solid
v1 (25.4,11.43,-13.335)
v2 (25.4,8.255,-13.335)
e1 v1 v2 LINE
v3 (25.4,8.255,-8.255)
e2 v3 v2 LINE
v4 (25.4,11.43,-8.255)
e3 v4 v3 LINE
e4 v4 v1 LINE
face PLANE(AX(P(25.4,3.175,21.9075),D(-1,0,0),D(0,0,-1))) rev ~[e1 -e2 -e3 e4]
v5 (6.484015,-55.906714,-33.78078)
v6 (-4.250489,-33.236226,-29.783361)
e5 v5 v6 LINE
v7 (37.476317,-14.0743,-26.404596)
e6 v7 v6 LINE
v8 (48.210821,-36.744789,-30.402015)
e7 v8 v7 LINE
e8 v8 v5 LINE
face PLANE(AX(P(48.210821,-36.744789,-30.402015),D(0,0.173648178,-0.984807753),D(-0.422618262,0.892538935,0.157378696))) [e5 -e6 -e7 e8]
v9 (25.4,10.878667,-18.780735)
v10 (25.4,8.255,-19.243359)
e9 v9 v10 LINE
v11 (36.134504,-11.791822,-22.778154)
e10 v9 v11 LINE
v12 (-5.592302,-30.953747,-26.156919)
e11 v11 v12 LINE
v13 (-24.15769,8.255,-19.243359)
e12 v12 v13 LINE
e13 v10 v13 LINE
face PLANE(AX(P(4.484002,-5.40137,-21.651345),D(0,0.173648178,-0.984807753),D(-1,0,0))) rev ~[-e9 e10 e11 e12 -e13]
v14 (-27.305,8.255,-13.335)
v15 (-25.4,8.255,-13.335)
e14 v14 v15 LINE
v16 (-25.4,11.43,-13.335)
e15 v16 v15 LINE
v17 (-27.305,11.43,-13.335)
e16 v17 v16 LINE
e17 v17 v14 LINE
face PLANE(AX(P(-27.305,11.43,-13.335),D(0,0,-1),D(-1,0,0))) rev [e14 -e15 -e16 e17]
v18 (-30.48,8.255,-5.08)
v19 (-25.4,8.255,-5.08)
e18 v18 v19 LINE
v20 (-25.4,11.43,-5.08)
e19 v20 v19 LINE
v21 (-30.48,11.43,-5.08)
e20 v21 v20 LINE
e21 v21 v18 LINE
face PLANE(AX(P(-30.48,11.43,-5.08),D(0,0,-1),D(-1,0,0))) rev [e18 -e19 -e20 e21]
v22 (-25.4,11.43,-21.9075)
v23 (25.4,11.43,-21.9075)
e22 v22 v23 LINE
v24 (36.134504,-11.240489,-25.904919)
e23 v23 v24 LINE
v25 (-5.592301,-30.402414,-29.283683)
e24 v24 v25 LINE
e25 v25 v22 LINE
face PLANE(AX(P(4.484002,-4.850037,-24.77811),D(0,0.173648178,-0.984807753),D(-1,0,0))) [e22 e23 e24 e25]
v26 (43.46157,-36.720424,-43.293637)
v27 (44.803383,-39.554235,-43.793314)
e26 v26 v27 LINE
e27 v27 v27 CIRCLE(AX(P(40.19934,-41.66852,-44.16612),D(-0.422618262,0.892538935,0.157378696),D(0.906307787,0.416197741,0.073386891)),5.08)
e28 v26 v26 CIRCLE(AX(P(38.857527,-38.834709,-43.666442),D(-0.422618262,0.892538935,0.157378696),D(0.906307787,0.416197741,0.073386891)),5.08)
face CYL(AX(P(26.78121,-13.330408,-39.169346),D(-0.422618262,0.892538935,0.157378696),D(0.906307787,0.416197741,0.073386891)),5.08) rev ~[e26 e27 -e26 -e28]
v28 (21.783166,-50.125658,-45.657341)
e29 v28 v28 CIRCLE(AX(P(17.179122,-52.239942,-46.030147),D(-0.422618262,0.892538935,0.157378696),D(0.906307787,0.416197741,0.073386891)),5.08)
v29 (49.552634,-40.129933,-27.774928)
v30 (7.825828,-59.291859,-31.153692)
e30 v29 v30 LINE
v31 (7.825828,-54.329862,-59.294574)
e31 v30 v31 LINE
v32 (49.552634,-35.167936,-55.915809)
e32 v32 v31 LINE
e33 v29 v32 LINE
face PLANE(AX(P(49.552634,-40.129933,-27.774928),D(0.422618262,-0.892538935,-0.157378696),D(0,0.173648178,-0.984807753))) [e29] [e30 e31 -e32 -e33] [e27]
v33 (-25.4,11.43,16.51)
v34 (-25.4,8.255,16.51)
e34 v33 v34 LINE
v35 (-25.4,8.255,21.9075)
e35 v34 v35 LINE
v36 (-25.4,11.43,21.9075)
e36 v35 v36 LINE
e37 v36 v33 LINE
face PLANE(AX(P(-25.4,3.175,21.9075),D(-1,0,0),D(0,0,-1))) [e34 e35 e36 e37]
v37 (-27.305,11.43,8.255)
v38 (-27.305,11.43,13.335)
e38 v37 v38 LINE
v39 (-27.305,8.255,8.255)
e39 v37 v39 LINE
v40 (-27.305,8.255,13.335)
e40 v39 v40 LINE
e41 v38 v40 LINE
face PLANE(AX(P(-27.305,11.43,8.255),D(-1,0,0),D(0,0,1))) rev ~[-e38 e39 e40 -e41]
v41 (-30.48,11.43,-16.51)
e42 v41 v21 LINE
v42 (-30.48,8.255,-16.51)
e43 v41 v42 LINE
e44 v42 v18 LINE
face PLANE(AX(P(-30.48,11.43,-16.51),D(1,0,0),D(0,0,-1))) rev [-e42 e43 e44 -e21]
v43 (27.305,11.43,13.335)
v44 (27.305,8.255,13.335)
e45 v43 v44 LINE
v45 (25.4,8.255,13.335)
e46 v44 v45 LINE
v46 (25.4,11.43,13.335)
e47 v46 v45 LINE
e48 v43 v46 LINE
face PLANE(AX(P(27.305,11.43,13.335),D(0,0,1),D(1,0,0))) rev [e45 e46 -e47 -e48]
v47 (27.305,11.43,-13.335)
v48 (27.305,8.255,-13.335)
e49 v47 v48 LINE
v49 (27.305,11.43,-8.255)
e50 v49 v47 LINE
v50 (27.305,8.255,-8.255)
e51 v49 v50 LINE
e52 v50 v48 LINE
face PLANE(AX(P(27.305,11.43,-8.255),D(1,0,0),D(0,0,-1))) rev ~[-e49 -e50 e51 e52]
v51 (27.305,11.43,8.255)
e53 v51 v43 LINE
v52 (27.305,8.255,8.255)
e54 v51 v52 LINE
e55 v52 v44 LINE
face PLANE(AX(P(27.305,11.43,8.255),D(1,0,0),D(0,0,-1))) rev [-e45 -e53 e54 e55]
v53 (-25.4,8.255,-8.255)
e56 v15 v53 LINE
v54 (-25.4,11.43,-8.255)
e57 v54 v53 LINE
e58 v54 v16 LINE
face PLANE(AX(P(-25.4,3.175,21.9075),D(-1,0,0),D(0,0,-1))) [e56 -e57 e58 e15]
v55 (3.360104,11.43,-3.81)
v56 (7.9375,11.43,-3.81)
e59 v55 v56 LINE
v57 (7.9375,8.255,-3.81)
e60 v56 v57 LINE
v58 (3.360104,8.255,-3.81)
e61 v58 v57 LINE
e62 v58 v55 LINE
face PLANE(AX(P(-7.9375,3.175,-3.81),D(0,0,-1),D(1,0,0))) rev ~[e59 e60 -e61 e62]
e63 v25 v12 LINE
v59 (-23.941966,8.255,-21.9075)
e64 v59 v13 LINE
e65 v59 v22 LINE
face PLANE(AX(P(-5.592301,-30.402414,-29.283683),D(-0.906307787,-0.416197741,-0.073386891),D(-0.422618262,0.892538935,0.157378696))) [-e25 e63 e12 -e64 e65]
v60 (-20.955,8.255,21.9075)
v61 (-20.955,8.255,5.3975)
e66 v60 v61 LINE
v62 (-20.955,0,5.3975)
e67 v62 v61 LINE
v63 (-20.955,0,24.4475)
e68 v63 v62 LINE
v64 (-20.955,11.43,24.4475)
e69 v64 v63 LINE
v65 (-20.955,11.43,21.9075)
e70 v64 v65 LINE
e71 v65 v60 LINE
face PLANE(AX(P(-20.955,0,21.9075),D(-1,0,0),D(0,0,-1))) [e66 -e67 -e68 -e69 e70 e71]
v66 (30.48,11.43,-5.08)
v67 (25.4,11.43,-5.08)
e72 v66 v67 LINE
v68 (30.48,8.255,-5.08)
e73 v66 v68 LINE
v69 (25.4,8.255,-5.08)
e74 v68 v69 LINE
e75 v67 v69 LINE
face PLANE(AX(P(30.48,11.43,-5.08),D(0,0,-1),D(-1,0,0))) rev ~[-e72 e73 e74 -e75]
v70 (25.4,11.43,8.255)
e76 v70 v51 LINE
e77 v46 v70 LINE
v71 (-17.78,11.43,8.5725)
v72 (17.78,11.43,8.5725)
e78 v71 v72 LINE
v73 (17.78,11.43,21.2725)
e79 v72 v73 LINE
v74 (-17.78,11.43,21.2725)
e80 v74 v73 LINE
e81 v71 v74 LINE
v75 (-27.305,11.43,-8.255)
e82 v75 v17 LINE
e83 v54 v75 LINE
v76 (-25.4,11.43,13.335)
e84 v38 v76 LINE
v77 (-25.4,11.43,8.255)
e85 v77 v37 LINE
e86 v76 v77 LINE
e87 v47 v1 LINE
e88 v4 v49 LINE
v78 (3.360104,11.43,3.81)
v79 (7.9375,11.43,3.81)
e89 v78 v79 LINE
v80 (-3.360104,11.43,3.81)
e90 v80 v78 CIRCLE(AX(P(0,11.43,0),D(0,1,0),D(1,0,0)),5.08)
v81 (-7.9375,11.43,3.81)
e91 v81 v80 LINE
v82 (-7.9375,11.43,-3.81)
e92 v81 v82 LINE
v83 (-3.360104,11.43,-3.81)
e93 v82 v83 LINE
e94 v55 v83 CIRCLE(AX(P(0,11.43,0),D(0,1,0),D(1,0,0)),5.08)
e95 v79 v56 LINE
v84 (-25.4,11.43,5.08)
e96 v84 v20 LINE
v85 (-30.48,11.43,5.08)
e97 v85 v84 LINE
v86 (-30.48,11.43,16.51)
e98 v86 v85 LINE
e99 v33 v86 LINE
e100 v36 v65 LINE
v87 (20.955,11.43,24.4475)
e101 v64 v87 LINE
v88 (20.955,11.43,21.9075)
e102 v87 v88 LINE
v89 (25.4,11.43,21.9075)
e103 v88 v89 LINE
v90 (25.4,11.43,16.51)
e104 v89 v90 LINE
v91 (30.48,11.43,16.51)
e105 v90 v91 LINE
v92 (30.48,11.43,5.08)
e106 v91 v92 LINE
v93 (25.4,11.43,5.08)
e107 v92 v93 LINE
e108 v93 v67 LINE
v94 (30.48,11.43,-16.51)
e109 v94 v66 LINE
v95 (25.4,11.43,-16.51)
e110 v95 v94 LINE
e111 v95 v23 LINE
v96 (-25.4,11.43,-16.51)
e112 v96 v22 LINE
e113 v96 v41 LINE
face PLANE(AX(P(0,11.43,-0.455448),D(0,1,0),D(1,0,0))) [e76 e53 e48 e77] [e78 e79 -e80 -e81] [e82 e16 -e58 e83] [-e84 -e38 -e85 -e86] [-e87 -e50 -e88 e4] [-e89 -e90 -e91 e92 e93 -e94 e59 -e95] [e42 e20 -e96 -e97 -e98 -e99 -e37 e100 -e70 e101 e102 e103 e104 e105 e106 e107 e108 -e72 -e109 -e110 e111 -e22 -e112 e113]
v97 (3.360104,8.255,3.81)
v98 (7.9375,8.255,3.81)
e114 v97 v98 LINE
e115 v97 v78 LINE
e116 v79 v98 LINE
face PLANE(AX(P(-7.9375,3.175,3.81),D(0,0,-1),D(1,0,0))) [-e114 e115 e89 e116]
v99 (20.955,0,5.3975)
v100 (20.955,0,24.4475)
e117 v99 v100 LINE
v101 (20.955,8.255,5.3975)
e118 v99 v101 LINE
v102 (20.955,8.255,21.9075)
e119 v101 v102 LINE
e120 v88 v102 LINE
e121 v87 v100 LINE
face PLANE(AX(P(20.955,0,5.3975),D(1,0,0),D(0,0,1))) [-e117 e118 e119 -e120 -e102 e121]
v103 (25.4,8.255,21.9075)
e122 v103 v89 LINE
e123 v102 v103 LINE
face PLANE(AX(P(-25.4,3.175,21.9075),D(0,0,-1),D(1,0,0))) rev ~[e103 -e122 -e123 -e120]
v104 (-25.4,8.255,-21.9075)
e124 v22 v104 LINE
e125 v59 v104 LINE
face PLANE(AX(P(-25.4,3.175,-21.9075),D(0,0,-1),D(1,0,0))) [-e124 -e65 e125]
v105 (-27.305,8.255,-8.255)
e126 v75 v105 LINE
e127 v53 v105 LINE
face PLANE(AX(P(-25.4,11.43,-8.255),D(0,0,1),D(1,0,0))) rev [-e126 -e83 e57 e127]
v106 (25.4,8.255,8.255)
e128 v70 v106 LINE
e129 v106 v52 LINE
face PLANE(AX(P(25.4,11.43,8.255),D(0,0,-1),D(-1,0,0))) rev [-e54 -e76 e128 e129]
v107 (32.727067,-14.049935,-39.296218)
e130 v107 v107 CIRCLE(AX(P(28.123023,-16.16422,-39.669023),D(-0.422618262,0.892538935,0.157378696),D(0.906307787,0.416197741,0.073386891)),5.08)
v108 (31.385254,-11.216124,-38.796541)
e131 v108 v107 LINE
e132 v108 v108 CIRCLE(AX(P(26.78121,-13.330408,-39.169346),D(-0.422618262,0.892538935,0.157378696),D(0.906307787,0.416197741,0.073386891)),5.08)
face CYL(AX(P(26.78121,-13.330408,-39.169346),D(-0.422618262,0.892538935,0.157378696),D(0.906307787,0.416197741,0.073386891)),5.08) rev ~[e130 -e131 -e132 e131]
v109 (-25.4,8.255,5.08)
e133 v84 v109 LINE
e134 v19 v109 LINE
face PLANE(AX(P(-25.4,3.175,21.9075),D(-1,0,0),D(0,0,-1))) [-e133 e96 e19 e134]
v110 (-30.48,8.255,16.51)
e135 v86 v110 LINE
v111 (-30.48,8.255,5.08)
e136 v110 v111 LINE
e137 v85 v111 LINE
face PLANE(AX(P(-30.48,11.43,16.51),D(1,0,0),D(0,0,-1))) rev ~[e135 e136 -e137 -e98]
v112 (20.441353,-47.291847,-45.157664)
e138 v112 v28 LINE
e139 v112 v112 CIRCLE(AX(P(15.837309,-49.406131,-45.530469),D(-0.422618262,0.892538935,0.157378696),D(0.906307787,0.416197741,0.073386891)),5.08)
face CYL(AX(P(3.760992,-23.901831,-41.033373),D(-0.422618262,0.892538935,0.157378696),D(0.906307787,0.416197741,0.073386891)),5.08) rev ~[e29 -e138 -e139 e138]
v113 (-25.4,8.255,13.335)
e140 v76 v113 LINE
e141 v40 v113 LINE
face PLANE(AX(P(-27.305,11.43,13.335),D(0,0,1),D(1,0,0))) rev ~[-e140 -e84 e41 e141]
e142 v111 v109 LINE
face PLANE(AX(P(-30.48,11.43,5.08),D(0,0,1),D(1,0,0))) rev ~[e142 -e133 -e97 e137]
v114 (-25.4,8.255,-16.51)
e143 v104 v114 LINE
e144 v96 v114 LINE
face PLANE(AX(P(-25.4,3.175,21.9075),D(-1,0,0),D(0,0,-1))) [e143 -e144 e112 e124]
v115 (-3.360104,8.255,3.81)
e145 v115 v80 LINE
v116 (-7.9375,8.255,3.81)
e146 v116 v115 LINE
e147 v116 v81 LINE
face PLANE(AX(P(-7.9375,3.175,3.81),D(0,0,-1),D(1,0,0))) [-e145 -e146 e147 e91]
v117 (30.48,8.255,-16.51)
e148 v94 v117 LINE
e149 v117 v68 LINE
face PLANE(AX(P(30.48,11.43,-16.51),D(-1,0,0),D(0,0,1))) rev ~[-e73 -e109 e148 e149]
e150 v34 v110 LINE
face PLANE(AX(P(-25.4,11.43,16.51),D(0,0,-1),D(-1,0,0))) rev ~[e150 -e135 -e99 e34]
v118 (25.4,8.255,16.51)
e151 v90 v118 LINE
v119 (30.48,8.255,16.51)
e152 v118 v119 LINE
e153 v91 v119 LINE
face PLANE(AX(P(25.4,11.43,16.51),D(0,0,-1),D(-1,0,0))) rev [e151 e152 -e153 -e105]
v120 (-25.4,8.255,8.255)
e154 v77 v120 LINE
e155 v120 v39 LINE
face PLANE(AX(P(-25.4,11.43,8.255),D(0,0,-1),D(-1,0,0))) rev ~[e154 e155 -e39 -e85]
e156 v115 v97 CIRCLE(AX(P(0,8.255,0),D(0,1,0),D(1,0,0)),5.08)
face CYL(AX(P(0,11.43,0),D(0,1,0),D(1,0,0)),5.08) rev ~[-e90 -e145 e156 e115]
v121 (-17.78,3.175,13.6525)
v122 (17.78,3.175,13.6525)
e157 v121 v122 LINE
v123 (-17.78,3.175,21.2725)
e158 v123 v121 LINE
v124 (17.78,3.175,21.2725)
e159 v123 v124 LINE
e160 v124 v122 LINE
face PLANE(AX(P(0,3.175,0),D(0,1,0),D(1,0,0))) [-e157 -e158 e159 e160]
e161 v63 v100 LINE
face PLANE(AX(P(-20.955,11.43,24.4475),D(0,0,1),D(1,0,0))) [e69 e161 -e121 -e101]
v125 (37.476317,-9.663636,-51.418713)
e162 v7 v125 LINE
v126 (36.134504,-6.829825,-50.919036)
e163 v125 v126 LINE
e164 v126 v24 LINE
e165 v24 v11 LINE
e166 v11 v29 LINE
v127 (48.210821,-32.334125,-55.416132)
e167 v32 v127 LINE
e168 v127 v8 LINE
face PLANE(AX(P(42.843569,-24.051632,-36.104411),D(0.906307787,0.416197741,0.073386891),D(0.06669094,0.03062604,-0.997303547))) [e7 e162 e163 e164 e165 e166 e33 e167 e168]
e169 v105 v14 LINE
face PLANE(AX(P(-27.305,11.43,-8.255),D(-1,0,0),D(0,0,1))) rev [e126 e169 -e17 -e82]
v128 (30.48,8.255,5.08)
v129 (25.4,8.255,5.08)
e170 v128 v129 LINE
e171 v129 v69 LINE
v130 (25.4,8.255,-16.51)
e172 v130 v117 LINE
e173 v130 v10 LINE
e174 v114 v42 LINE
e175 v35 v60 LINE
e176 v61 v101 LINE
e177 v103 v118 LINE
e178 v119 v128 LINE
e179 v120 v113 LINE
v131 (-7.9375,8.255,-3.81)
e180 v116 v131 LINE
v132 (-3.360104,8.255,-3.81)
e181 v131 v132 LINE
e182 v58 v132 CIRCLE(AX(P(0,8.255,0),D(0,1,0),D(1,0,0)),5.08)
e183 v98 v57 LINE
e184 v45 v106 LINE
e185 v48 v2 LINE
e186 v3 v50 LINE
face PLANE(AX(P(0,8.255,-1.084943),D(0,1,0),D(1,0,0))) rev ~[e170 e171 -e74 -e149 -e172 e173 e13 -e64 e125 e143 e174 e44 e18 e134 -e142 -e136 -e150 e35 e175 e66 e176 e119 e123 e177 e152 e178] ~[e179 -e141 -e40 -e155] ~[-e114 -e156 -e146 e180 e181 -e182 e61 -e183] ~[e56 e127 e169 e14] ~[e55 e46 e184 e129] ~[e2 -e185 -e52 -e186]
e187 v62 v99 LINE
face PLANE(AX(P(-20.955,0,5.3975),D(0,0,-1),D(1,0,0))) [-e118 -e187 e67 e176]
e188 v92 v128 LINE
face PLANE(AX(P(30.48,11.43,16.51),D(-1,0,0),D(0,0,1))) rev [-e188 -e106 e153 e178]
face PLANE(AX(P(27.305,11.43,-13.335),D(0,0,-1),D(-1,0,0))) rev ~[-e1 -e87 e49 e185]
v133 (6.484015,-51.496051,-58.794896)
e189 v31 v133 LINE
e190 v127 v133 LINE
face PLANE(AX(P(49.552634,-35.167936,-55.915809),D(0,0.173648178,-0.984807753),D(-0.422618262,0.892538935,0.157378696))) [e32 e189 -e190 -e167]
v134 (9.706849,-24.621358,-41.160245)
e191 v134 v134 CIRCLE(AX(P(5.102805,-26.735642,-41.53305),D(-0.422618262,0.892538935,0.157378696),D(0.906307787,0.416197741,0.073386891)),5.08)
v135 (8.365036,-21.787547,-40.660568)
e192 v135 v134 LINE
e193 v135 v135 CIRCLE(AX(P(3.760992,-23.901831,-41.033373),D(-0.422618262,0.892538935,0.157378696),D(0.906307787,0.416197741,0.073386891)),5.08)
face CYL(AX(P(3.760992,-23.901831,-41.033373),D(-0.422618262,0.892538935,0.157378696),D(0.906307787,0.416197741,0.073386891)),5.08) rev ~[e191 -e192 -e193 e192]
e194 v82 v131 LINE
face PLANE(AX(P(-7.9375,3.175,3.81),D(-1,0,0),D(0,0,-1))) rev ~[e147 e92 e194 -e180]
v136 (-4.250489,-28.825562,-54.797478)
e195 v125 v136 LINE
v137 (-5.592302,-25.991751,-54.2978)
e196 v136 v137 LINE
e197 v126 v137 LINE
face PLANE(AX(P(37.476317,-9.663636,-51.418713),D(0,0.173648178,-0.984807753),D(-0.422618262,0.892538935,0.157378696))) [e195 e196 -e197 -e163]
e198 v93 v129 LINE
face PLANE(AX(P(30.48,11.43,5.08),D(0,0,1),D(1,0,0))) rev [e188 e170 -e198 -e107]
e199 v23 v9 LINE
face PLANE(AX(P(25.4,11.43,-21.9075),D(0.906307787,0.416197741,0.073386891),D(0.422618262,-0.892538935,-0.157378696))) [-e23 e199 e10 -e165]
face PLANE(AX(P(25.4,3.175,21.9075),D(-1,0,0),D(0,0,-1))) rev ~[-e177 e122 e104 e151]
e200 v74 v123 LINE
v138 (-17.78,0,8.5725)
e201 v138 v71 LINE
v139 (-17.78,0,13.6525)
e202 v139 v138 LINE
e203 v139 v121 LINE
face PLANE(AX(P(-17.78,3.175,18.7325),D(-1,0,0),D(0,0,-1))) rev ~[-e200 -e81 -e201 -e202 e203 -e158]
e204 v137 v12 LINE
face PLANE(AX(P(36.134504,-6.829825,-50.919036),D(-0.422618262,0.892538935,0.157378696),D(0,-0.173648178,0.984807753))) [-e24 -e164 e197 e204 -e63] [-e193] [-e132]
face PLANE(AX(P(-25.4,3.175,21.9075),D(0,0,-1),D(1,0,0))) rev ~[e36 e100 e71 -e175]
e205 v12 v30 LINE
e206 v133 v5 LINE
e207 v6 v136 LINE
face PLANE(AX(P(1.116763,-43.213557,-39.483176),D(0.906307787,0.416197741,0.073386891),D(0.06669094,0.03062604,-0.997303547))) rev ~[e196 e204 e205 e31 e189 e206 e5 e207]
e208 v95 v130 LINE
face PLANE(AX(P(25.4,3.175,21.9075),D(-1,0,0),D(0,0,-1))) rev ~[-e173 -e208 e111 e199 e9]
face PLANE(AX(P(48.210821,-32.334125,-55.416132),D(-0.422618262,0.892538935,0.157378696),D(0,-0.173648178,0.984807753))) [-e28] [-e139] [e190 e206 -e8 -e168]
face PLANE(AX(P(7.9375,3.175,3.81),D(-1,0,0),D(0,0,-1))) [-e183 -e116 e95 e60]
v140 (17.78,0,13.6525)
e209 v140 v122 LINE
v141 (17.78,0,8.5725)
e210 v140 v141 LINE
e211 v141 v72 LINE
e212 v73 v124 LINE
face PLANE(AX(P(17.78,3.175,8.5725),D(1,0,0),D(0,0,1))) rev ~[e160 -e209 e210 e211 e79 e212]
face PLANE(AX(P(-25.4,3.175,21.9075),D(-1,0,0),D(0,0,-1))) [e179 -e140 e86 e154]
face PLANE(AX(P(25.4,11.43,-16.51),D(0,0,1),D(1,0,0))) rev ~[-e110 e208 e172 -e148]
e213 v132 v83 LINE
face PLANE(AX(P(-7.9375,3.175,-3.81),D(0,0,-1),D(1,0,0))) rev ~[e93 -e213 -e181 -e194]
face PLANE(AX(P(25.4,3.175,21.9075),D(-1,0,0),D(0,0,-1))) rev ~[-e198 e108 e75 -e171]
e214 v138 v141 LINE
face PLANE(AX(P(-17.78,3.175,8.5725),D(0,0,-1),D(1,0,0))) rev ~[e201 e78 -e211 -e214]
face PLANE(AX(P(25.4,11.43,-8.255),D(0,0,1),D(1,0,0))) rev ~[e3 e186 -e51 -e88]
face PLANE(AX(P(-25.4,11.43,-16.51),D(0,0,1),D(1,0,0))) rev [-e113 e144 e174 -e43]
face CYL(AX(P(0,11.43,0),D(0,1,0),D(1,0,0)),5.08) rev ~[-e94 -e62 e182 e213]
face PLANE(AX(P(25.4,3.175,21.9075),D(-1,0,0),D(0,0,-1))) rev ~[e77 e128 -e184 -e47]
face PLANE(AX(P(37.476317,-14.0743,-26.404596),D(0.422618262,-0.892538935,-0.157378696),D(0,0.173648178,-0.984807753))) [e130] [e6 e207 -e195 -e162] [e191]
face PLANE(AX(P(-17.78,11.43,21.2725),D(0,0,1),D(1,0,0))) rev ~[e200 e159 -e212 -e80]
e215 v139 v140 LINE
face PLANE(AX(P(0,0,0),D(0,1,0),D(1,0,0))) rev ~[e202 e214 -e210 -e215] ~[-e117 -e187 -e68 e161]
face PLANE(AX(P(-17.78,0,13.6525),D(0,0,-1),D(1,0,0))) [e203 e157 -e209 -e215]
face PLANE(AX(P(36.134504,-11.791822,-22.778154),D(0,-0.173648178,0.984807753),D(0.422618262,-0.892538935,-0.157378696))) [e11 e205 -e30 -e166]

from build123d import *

# Parameters (mm, degrees)
SKETCH1_W            = 50.8
SKETCH1_H            = 43.815
SKETCH1_W_2          = 15.875
SKETCH1_H_2          = 7.62
SKETCH1_W_3          = 35.56
SKETCH1_H_3          = 5.08
BOSS_EXTRUDE1_DEPTH  = 3.175
SKETCH2_W            = 50.8
SKETCH2_H            = 43.815
SKETCH2_W_2          = 44.45
SKETCH2_H_2          = 37.465
BOSS_EXTRUDE2_DEPTH  = 8.255
SKETCH3_W            = 41.91
SKETCH3_H            = 2.54
BOSS_EXTRUDE3_DEPTH  = 11.43
SKETCH4_W            = 35.56
SKETCH4_H            = 2.54
CUT_EXTRUDE1_DEPTH   = 8.255
BOSS_EXTRUDE4_DEPTH  = 3.175
MIRROR2_COPY_1_DEPTH = 3.175
SKETCH7_W            = 15.875
SKETCH7_H            = 7.62
BOSS_EXTRUDE5_DEPTH  = 8.255
CUT_EXTRUDE2_START   = -11.43
CUT_EXTRUDE2_DEPTH   = 8.255
BOSS_EXTRUDE6_DEPTH  = 3.175
BOSS_EXTRUDE7_DEPTH  = 46.040436
SKETCH12_R           = 5.08
CUT_EXTRUDE3_DEPTH   = 54.813285309
SKETCH13_R           = 5.08
CUT_EXTRUDE4_DEPTH   = 71.721858561


with BuildPart() as part:
    # Sketch1 → Boss-Extrude1 (new body)
    with BuildSketch(Plane(origin=(0, 0, 0), x_dir=(1, 0, 0), z_dir=(0, 1, 0))):
        Rectangle(SKETCH1_W, SKETCH1_H)
        Rectangle(SKETCH1_W_2, SKETCH1_H_2, mode=Mode.SUBTRACT)
        with Locations((0, -11.1125)):
            Rectangle(SKETCH1_W_3, SKETCH1_H_3, mode=Mode.SUBTRACT)
    extrude(amount=BOSS_EXTRUDE1_DEPTH)

    # Sketch2 → Boss-Extrude2 (add)
    with BuildSketch(Plane(origin=(0, 3.175, 0), x_dir=(1, 0, 0), z_dir=(0, 1, 0))):
        Rectangle(SKETCH2_W, SKETCH2_H)
        Rectangle(SKETCH2_W_2, SKETCH2_H_2, mode=Mode.SUBTRACT)
    extrude(amount=BOSS_EXTRUDE2_DEPTH)

    # Sketch3 → Boss-Extrude3 (add)
    with BuildSketch(Plane(origin=(0, 11.43, 0), x_dir=(1, 0, 0), z_dir=(0, 1, 0))):
        with Locations((0, -23.1775)):
            Rectangle(SKETCH3_W, SKETCH3_H)
    extrude(amount=-BOSS_EXTRUDE3_DEPTH)

    # Sketch4 → Cut-Extrude1 (cut)
    with BuildSketch(Plane(origin=(0, 11.43, 0), x_dir=(1, 0, 0), z_dir=(0, 1, 0))):
        with Locations((0, -20.0025)):
            Rectangle(SKETCH4_W, SKETCH4_H)
    extrude(amount=-CUT_EXTRUDE1_DEPTH, mode=Mode.SUBTRACT)

    # Sketch5 → Boss-Extrude4 (add)
    with BuildSketch(Plane(origin=(0, 11.43, 0), x_dir=(1, 0, 0), z_dir=(0, 1, 0))):
        Polygon((-25.4, -16.51), (-30.48, -16.51), (-30.48, -5.08), (-25.4, -5.08), (-25.4, -8.255), (-27.305, -8.255), (-27.305, -13.335), (-25.4, -13.335), align=None)
    boss_extrude4 = extrude(amount=-BOSS_EXTRUDE4_DEPTH)

    # Mirror1: Boss-Extrude4 across plane
    add(boss_extrude4.mirror(Plane.XY))

    # Mirror2: Boss-Extrude4 across plane
    add(boss_extrude4.mirror(Plane(origin=(0, 0, 0), x_dir=(0, 0, 1), z_dir=(1, 0, 0))))

    # Mirror2 copy 1 sketch → Mirror2 copy 1 (add)
    with BuildSketch(Plane(origin=(0, 11.43, 0), x_dir=(-1, 0, 0), z_dir=(0, 1, 0))):
        Polygon((-25.4, -16.51), (-30.48, -16.51), (-30.48, -5.08), (-25.4, -5.08), (-25.4, -8.255), (-27.305, -8.255), (-27.305, -13.335), (-25.4, -13.335), align=None)
    extrude(amount=-MIRROR2_COPY_1_DEPTH)

    # Sketch7 → Boss-Extrude5 (add)
    with BuildSketch(Plane(origin=(0, 3.175, 0), x_dir=(1, 0, 0), z_dir=(0, 1, 0))):
        Polygon((-22.225, -18.7325), (-17.78, -18.7325), (-17.78, -8.5725), (17.78, -8.5725), (17.78, -18.7325), (22.225, -18.7325), (22.225, 18.7325), (-22.225, 18.7325), align=None)
        Rectangle(SKETCH7_W, SKETCH7_H, mode=Mode.SUBTRACT)
    extrude(amount=BOSS_EXTRUDE5_DEPTH)

    # Sketch8 → Cut-Extrude2 (cut)
    with BuildSketch(Plane(origin=(0, 11.43, 0), x_dir=(1, 0, 0), z_dir=(0, 1, 0)).offset(CUT_EXTRUDE2_START)):
        Polygon((-25.4, 21.9075), (-25.4, -21.9075), (-20.955, -21.9075), (-20.955, -5.3975), (20.955, -5.3975), (20.955, -21.9075), (25.4, -21.9075), (25.4, 21.9075), align=None)
    extrude(amount=CUT_EXTRUDE2_DEPTH, mode=Mode.SUBTRACT)

    # Sketch10 → Boss-Extrude6 (add)
    with BuildSketch(Plane(origin=(0, 4.091059817, -23.201553164), x_dir=(-1, 0, 0), z_dir=(0, 0.173648178, -0.984807753))):
        Polygon((-25.4, 7.452155165), (-36.134503848, -15.568062626), (5.592301438, -35.025591481), (25.4, 7.452155165), align=None)
    extrude(amount=-BOSS_EXTRUDE6_DEPTH)

    # Sketch11 → Boss-Extrude7 (add)
    with BuildSketch(Plane(origin=(23.71774367, 10.891742818, 1.920508126), x_dir=(0.06669094, 0.03062604, -0.997303547), z_dir=(0.906307787, 0.416197741, 0.073386891))):
        Polygon((24.765441235, -25.795675729), (29.775724817, -57.147861593), (57.992692094, -52.638606369), (57.491663736, -49.503387783), (32.409915045, -53.511614648), (28.401688179, -28.429865957), (53.48343687, -24.421639092), (52.982408512, -21.286420505), align=None)
    extrude(amount=-BOSS_EXTRUDE7_DEPTH)

    # Sketch12 → Cut-Extrude3 (cut, through all)
    with BuildSketch(Plane(origin=(12.416760179, -26.223291592, -4.623873831), x_dir=(0.906307787, 0.416197741, 0.073386891), z_dir=(-0.422618262, 0.892538935, 0.157378696))):
        with Locations((-9.550583138, 36.25947452)):
            Circle(SKETCH12_R)
        with Locations((15.849416862, 36.25947452)):
            Circle(SKETCH12_R)
    extrude(amount=-CUT_EXTRUDE3_DEPTH, mode=Mode.SUBTRACT)

    # Sketch13 → Cut-Extrude4 (cut, through all)
    with BuildSketch(Plane(origin=(0, 11.43, 0), x_dir=(1, 0, 0), z_dir=(0, 1, 0))):
        Circle(SKETCH13_R)
    extrude(amount=-CUT_EXTRUDE4_DEPTH, mode=Mode.SUBTRACT)


solid = part.part
